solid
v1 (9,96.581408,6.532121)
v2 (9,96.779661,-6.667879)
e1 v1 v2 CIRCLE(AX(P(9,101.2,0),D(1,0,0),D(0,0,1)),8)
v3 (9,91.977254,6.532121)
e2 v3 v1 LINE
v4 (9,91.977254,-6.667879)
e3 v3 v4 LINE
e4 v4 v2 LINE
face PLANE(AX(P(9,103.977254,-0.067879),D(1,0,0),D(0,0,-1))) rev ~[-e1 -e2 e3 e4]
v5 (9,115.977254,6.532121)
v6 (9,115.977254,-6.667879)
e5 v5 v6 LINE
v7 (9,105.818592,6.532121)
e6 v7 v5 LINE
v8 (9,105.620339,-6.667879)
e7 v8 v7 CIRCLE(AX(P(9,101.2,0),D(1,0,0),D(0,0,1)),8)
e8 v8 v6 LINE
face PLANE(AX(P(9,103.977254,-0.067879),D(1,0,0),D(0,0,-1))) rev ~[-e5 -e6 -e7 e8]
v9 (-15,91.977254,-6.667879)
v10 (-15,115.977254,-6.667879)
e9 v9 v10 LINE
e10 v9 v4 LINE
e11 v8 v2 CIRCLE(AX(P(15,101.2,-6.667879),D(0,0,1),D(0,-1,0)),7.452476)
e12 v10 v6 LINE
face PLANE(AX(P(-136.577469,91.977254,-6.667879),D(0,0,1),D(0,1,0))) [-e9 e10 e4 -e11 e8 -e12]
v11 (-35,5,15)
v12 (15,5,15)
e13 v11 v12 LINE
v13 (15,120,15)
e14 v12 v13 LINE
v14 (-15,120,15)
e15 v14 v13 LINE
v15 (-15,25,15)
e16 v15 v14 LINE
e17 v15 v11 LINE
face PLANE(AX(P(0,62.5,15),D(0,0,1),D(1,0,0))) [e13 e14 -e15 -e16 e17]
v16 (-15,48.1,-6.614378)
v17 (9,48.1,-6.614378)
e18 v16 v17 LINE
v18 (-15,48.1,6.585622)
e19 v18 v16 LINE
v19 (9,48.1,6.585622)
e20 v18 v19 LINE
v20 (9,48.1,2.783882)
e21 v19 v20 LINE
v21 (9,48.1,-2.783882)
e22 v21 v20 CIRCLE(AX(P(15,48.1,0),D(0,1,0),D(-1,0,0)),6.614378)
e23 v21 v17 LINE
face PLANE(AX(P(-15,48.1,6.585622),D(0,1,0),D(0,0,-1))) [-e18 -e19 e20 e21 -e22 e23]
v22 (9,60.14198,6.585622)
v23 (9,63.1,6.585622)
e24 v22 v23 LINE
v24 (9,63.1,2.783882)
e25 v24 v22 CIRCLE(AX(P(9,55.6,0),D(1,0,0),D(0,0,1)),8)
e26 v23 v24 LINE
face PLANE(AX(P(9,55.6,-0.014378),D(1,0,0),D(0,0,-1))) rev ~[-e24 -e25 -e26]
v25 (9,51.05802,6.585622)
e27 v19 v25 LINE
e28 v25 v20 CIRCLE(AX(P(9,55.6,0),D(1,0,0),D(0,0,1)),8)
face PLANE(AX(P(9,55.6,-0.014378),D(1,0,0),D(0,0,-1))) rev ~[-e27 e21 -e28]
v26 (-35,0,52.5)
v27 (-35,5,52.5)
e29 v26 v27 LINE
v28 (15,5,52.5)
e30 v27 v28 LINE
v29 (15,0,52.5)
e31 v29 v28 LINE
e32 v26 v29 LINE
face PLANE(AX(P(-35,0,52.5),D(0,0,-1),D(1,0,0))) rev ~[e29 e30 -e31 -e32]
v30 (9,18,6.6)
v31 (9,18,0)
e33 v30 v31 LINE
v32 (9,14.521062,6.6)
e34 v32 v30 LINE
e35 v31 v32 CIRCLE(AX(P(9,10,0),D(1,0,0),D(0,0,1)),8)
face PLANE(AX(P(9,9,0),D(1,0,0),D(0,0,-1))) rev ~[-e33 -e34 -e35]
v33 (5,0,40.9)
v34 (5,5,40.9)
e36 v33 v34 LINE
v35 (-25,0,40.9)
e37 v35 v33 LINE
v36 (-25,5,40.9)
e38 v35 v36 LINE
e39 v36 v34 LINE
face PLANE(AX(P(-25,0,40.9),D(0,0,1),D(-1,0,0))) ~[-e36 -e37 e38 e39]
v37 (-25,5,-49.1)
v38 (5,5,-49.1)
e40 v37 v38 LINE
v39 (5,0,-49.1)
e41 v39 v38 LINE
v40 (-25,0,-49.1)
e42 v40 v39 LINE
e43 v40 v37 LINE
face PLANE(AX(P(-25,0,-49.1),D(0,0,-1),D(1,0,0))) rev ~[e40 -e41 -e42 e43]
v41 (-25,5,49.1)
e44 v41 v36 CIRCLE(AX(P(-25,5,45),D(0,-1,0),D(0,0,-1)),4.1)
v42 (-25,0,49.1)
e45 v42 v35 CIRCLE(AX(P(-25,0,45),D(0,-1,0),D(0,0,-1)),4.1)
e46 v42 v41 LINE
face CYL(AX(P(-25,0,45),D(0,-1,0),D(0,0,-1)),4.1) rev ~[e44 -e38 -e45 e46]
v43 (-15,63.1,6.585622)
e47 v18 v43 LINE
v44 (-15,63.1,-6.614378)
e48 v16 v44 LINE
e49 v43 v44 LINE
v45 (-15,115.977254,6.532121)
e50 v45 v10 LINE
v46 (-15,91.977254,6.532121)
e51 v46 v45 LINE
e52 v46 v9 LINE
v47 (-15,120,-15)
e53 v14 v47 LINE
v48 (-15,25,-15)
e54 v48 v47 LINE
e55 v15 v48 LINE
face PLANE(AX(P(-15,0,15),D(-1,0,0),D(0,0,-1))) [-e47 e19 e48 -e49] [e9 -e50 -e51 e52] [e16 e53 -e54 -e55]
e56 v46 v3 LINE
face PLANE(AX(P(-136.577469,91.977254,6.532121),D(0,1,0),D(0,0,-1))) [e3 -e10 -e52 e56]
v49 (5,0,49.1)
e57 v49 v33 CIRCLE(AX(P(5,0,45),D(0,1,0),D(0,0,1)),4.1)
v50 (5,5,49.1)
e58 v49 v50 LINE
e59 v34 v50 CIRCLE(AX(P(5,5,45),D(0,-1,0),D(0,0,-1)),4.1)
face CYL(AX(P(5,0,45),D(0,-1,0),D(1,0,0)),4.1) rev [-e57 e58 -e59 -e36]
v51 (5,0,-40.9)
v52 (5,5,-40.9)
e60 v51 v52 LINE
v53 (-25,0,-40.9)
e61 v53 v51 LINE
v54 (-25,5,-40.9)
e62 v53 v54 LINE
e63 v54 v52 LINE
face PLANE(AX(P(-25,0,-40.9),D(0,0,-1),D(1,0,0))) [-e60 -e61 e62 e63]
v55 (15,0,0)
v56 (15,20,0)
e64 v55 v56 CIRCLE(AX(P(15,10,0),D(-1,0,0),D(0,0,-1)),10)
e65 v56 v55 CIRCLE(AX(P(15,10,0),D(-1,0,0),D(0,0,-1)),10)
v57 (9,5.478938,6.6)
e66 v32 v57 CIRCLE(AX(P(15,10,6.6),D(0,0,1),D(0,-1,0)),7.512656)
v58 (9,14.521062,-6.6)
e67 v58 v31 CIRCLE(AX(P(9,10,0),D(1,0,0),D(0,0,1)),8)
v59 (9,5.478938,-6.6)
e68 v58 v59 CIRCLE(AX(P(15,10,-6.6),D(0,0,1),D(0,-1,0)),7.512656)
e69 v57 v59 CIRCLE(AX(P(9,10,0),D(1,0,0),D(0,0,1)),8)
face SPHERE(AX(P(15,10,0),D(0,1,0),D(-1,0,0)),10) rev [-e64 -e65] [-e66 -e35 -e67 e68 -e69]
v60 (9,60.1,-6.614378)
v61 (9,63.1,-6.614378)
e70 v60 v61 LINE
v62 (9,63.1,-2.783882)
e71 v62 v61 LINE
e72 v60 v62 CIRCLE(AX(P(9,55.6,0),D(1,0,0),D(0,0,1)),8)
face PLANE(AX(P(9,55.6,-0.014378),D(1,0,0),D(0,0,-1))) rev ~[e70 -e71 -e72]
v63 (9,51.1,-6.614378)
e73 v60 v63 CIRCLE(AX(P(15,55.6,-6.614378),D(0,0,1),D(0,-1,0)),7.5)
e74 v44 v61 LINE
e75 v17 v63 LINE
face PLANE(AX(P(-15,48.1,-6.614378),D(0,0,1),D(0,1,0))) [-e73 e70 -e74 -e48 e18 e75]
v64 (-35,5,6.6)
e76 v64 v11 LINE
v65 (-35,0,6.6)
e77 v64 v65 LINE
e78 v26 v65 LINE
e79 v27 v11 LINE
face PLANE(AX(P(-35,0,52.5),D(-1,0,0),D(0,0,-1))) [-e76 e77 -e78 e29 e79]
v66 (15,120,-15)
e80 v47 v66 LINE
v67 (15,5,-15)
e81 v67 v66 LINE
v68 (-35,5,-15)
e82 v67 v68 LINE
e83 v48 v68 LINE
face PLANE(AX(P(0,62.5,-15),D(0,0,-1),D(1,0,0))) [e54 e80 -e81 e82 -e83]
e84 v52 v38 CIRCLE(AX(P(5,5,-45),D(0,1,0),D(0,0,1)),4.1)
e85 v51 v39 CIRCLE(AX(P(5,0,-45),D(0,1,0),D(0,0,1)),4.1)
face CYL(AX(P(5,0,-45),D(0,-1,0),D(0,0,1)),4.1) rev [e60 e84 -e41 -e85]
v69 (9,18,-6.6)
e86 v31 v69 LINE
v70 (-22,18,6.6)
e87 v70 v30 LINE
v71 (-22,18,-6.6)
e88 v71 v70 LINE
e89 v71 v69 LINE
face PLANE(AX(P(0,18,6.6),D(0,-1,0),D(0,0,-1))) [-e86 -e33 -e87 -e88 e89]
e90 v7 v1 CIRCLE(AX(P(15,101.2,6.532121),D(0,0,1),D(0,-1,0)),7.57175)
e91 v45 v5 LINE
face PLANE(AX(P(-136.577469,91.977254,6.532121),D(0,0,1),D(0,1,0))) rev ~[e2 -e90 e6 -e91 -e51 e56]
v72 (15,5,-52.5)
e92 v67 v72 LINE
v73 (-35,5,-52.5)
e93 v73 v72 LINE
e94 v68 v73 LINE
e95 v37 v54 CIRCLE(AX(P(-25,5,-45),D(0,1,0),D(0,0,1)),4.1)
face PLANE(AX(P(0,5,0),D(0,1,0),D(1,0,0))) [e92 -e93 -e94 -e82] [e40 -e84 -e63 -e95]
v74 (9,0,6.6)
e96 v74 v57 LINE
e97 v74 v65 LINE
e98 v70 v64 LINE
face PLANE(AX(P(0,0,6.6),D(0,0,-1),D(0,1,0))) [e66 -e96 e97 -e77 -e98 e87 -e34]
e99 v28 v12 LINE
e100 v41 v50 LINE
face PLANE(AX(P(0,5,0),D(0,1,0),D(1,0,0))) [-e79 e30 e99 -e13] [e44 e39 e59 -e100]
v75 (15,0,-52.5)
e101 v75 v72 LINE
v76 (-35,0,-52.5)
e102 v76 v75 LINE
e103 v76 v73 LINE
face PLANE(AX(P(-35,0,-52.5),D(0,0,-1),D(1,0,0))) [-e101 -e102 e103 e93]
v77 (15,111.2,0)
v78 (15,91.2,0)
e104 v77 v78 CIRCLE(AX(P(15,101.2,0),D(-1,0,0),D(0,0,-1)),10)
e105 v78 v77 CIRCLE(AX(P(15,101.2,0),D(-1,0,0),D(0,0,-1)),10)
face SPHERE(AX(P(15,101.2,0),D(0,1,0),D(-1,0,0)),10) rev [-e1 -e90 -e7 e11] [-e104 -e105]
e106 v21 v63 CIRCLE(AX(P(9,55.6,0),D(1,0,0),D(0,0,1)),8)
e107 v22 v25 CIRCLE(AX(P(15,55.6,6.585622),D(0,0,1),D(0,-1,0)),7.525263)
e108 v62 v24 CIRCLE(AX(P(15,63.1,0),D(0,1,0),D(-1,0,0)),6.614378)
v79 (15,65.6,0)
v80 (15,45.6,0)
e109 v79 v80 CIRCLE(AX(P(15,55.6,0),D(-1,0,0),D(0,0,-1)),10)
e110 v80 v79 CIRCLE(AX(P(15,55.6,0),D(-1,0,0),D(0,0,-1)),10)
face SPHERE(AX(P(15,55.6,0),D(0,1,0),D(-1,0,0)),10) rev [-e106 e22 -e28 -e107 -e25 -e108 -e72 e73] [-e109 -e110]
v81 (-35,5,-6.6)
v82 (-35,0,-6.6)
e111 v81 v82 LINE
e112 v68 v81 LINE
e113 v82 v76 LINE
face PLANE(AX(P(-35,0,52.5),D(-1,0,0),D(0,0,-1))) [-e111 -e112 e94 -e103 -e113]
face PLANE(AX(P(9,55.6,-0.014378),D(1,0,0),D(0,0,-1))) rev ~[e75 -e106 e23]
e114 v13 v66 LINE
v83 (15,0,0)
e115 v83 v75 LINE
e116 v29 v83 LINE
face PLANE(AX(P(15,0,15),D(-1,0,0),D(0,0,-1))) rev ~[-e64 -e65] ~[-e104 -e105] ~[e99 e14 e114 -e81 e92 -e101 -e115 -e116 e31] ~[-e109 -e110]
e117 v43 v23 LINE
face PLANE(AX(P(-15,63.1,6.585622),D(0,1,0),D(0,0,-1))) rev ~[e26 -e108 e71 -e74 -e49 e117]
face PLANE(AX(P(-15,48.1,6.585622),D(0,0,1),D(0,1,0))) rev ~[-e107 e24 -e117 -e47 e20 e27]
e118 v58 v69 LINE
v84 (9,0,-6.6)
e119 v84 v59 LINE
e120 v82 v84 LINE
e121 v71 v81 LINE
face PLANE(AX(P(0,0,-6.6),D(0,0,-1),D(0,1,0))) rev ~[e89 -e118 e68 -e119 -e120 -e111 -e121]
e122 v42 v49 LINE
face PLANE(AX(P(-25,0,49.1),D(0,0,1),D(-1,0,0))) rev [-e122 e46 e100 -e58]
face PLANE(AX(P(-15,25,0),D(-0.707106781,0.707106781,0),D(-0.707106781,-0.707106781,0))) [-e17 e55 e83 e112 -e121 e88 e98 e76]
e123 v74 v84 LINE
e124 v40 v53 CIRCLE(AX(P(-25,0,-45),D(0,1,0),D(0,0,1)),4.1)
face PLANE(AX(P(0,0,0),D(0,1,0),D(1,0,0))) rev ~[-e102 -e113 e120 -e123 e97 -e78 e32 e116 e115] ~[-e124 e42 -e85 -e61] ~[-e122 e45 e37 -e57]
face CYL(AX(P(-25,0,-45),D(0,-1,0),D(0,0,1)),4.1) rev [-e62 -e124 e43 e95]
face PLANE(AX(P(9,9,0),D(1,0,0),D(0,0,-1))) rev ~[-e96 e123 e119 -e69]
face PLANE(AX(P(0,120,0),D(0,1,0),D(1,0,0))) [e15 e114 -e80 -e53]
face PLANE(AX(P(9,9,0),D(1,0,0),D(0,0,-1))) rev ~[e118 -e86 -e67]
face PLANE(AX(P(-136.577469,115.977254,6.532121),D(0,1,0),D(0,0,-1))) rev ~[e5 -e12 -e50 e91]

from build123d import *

# Parameters (mm, degrees)
SKETCH_1_W                      = 70
SKETCH_1_H                      = 105
EXTRUDE_1_DEPTH                 = 5
SKETCH_2_W                      = 30
SKETCH_2_H                      = 30
EXTRUDE_2_DEPTH                 = 120
EXTRUDE_3_REACH                 = 137.577
EXTRUDE_3_DIRECTION_2_REACH     = 137.577
SKETCH_8_R                      = 4.1
CUT_EXTRUDE_2_DEPTH             = 5
SKETCH_11_W                     = 20
SKETCH_11_H                     = 105
CUT_EXTRUDE_3_DEPTH             = 5
PATTERN_LINEAR_1_COUNT          = 3
PATTERN_LINEAR_1_PITCH          = 45.6
CUT_EXTRUDE_4_DEPTH             = 9
CUT_EXTRUDE_4_DEPTH_BACK        = 136.57746863
SKETCH_14_W                     = 13.2
SKETCH_14_H                     = 24
PATTERN_LINEAR_3_COUNT          = 2
PATTERN_LINEAR_3_PITCH          = 30
SKETCH_15_W                     = 30
SKETCH_15_H                     = 8.2
CUT_EXTRUDE_5_DEPTH             = 5
MIRROR_4_COPY_1_SKETCH_R        = 4.1
MIRROR_4_COPY_1_DEPTH           = 5
MIRROR_4_COPY_2_SKETCH_R        = 4.1
MIRROR_4_COPY_2_DEPTH           = 5
CUT_EXTRUDE_6_REACH             = 137.577
SKETCH_17_W                     = 13.2
SKETCH_17_H                     = 18
CUT_EXTRUDE_6_DIRECTION_2_DEPTH = 9
CUT_EXTRUDE_7_DEPTH             = 9
CUT_EXTRUDE_7_DEPTH_BACK        = 15
SKETCH_18_W                     = 13.2
SKETCH_18_H                     = 15


with BuildPart() as part:
    # 草图1 → 凸台-拉伸1 (new body)
    with BuildSketch(Plane(origin=(0, 0, 0), x_dir=(1, 0, 0), z_dir=(0, 1, 0))):
        Rectangle(SKETCH_1_W, SKETCH_1_H)
    extrude(amount=EXTRUDE_1_DEPTH)

    # 草图2 → 凸台-拉伸2 (add)
    with BuildSketch(Plane(origin=(0, 0, 0), x_dir=(1, 0, 0), z_dir=(0, 1, 0))):
        Rectangle(SKETCH_2_W, SKETCH_2_H)
    extrude(amount=EXTRUDE_2_DEPTH)

    # 凸台-拉伸3: up to this face of the body (flat: up to its plane)
    extrude_3_end = Plane(part.part.faces().sort_by_distance((0, 62.5, 15))[0])
    # 草图7 → 凸台-拉伸3 (add, up to the picked face)
    with BuildSketch(Plane.XY, mode=Mode.PRIVATE) as extrude_3_sk1:
        Polygon((-15, 25), (-35, 5), (-15, 5), align=None)
    extrude_3_tool1 = split(extrude(extrude_3_sk1.sketch, amount=EXTRUDE_3_REACH, mode=Mode.PRIVATE), bisect_by=extrude_3_end, keep=Keep.BOTH, mode=Mode.PRIVATE)
    add(extrude_3_tool1.solids().sort_by(Axis((-21.666667, 11.666667, 0), (0, 0, 1)))[0])

    # 凸台-拉伸3 direction 2: up to this face of the body (flat: up to its plane)
    extrude_3_direction_2_end = Plane(part.part.faces().sort_by_distance((0, 62.5, -15))[0])
    # 草图7 → 凸台-拉伸3 direction 2 (add, up to the picked face)
    with BuildSketch(Plane.XY, mode=Mode.PRIVATE) as extrude_3_direction_2_sk1:
        Polygon((-15, 25), (-35, 5), (-15, 5), align=None)
    extrude_3_direction_2_tool1 = split(extrude(extrude_3_direction_2_sk1.sketch, amount=-EXTRUDE_3_DIRECTION_2_REACH, mode=Mode.PRIVATE), bisect_by=extrude_3_direction_2_end, keep=Keep.BOTH, mode=Mode.PRIVATE)
    add(extrude_3_direction_2_tool1.solids().sort_by(Axis((-21.666667, 11.666667, 0), (0, 0, -1)))[0])

    # 草图8 → 切除-拉伸2 (cut)
    with BuildSketch(Plane(origin=(0, 0, 0), x_dir=(1, 0, 0), z_dir=(0, 1, 0))):
        with Locations(Location((-25, 45, 0), (0, 0, 270))):
            Circle(SKETCH_8_R)
    cut_extrude_2 = extrude(amount=CUT_EXTRUDE_2_DEPTH, mode=Mode.SUBTRACT)

    # 镜向2: 切除-拉伸2 across plane
    add(cut_extrude_2.mirror(Plane.XY), mode=Mode.SUBTRACT)

    # 草图11 → 切除-拉伸3 (cut)
    with BuildSketch(Plane(origin=(0, 0, 0), x_dir=(1, 0, 0), z_dir=(0, 1, 0))):
        with Locations((25, 0)):
            Rectangle(SKETCH_11_W, SKETCH_11_H)
    extrude(amount=CUT_EXTRUDE_3_DEPTH, mode=Mode.SUBTRACT)

    # 草图12 → 切除-旋转2 (revolve, cut)
    with BuildSketch(Plane.XY):
        with BuildLine():
            Line((15, 20), (15, 0))
            ThreePointArc((15, 0), (5, 10), (15, 20))
        make_face()
    cut_revolve_2 = revolve(axis=Axis((15, 20, 0), (0, -1, 0)), mode=Mode.SUBTRACT)

    # 阵列(线性)1: 切除-旋转2 ×3
    with Locations(*[(0, i * PATTERN_LINEAR_1_PITCH, 0) for i in range(1, PATTERN_LINEAR_1_COUNT)]):
        add(cut_revolve_2, mode=Mode.SUBTRACT)

    # 草图14 → 切除-拉伸4 (cut, two sides: drawn at the far end of the back side and taken through both)
    with BuildSketch(Plane(origin=(0, 0, 0), x_dir=(0, 0, -1), z_dir=(1, 0, 0)).offset(-CUT_EXTRUDE_4_DEPTH_BACK)):
        with Locations((0.067878733, 103.977253559)):
            Rectangle(SKETCH_14_W, SKETCH_14_H)
    extrude(amount=CUT_EXTRUDE_4_DEPTH + CUT_EXTRUDE_4_DEPTH_BACK, mode=Mode.SUBTRACT)

    # 阵列(线性)3: 切除-拉伸2 ×2
    with Locations(*[(i * PATTERN_LINEAR_3_PITCH, 0, 0) for i in range(1, PATTERN_LINEAR_3_COUNT)]):
        add(cut_extrude_2, mode=Mode.SUBTRACT)

    # 草图15 → 切除-拉伸5 (cut)
    with BuildSketch(Plane(origin=(0, 0, 0), x_dir=(1, 0, 0), z_dir=(0, 1, 0))):
        with Locations((-10, 45)):
            Rectangle(SKETCH_15_W, SKETCH_15_H)
    cut_extrude_5 = extrude(amount=CUT_EXTRUDE_5_DEPTH, mode=Mode.SUBTRACT)

    # 镜向3: 切除-拉伸5 across plane
    add(cut_extrude_5.mirror(Plane.XY), mode=Mode.SUBTRACT)

    # 镜向4 copy 1 sketch → 镜向4 copy 1 (cut)
    with BuildSketch(Plane(origin=(30, 0, 0), x_dir=(1, 0, 0), z_dir=(0, 1, 0))):
        with Locations((-25, -45)):
            Circle(MIRROR_4_COPY_1_SKETCH_R)
    extrude(amount=MIRROR_4_COPY_1_DEPTH, mode=Mode.SUBTRACT)

    # 镜向4 copy 2 sketch → 镜向4 copy 2 (cut)
    with BuildSketch(Plane(origin=(0, 0, 0), x_dir=(1, 0, 0), z_dir=(0, 1, 0))):
        with Locations((-25, -45)):
            Circle(MIRROR_4_COPY_2_SKETCH_R)
    extrude(amount=MIRROR_4_COPY_2_DEPTH, mode=Mode.SUBTRACT)

    # 切除-拉伸6: up to this plane
    cut_extrude_6_end = Plane(origin=(-15, 25, 43.284271247), z_dir=(0.7071067811865476, -0.7071067811865475, 0))
    # 草图17 → 切除-拉伸6 (cut, up to the surface)
    with BuildSketch(Plane(origin=(0, 0, 0), x_dir=(0, 0, -1), z_dir=(1, 0, 0)), mode=Mode.PRIVATE) as cut_extrude_6_sk1:
        with Locations((0, 9)):
            Rectangle(SKETCH_17_W, SKETCH_17_H)
    cut_extrude_6_tool1 = split(extrude(cut_extrude_6_sk1.sketch, amount=-CUT_EXTRUDE_6_REACH, mode=Mode.PRIVATE), bisect_by=cut_extrude_6_end, keep=Keep.BOTH, mode=Mode.PRIVATE)
    add(cut_extrude_6_tool1.solids().sort_by_distance((0, 9, 0))[0], mode=Mode.SUBTRACT)

    # 草图17 → 切除-拉伸6 direction 2 (cut)
    with BuildSketch(Plane(origin=(0, 0, 0), x_dir=(0, 0, -1), z_dir=(1, 0, 0))):
        with Locations((0, 9)):
            Rectangle(SKETCH_17_W, SKETCH_17_H)
    extrude(amount=CUT_EXTRUDE_6_DIRECTION_2_DEPTH, mode=Mode.SUBTRACT)

    # 草图18 → 切除-拉伸7 (cut, two sides: drawn at the far end of the back side and taken through both)
    with BuildSketch(Plane(origin=(0, 0, 0), x_dir=(0, 0, -1), z_dir=(1, 0, 0)).offset(-CUT_EXTRUDE_7_DEPTH_BACK)):
        with Locations((0.014378278, 55.6)):
            Rectangle(SKETCH_18_W, SKETCH_18_H)
    extrude(amount=CUT_EXTRUDE_7_DEPTH + CUT_EXTRUDE_7_DEPTH_BACK, mode=Mode.SUBTRACT)


solid = part.part
